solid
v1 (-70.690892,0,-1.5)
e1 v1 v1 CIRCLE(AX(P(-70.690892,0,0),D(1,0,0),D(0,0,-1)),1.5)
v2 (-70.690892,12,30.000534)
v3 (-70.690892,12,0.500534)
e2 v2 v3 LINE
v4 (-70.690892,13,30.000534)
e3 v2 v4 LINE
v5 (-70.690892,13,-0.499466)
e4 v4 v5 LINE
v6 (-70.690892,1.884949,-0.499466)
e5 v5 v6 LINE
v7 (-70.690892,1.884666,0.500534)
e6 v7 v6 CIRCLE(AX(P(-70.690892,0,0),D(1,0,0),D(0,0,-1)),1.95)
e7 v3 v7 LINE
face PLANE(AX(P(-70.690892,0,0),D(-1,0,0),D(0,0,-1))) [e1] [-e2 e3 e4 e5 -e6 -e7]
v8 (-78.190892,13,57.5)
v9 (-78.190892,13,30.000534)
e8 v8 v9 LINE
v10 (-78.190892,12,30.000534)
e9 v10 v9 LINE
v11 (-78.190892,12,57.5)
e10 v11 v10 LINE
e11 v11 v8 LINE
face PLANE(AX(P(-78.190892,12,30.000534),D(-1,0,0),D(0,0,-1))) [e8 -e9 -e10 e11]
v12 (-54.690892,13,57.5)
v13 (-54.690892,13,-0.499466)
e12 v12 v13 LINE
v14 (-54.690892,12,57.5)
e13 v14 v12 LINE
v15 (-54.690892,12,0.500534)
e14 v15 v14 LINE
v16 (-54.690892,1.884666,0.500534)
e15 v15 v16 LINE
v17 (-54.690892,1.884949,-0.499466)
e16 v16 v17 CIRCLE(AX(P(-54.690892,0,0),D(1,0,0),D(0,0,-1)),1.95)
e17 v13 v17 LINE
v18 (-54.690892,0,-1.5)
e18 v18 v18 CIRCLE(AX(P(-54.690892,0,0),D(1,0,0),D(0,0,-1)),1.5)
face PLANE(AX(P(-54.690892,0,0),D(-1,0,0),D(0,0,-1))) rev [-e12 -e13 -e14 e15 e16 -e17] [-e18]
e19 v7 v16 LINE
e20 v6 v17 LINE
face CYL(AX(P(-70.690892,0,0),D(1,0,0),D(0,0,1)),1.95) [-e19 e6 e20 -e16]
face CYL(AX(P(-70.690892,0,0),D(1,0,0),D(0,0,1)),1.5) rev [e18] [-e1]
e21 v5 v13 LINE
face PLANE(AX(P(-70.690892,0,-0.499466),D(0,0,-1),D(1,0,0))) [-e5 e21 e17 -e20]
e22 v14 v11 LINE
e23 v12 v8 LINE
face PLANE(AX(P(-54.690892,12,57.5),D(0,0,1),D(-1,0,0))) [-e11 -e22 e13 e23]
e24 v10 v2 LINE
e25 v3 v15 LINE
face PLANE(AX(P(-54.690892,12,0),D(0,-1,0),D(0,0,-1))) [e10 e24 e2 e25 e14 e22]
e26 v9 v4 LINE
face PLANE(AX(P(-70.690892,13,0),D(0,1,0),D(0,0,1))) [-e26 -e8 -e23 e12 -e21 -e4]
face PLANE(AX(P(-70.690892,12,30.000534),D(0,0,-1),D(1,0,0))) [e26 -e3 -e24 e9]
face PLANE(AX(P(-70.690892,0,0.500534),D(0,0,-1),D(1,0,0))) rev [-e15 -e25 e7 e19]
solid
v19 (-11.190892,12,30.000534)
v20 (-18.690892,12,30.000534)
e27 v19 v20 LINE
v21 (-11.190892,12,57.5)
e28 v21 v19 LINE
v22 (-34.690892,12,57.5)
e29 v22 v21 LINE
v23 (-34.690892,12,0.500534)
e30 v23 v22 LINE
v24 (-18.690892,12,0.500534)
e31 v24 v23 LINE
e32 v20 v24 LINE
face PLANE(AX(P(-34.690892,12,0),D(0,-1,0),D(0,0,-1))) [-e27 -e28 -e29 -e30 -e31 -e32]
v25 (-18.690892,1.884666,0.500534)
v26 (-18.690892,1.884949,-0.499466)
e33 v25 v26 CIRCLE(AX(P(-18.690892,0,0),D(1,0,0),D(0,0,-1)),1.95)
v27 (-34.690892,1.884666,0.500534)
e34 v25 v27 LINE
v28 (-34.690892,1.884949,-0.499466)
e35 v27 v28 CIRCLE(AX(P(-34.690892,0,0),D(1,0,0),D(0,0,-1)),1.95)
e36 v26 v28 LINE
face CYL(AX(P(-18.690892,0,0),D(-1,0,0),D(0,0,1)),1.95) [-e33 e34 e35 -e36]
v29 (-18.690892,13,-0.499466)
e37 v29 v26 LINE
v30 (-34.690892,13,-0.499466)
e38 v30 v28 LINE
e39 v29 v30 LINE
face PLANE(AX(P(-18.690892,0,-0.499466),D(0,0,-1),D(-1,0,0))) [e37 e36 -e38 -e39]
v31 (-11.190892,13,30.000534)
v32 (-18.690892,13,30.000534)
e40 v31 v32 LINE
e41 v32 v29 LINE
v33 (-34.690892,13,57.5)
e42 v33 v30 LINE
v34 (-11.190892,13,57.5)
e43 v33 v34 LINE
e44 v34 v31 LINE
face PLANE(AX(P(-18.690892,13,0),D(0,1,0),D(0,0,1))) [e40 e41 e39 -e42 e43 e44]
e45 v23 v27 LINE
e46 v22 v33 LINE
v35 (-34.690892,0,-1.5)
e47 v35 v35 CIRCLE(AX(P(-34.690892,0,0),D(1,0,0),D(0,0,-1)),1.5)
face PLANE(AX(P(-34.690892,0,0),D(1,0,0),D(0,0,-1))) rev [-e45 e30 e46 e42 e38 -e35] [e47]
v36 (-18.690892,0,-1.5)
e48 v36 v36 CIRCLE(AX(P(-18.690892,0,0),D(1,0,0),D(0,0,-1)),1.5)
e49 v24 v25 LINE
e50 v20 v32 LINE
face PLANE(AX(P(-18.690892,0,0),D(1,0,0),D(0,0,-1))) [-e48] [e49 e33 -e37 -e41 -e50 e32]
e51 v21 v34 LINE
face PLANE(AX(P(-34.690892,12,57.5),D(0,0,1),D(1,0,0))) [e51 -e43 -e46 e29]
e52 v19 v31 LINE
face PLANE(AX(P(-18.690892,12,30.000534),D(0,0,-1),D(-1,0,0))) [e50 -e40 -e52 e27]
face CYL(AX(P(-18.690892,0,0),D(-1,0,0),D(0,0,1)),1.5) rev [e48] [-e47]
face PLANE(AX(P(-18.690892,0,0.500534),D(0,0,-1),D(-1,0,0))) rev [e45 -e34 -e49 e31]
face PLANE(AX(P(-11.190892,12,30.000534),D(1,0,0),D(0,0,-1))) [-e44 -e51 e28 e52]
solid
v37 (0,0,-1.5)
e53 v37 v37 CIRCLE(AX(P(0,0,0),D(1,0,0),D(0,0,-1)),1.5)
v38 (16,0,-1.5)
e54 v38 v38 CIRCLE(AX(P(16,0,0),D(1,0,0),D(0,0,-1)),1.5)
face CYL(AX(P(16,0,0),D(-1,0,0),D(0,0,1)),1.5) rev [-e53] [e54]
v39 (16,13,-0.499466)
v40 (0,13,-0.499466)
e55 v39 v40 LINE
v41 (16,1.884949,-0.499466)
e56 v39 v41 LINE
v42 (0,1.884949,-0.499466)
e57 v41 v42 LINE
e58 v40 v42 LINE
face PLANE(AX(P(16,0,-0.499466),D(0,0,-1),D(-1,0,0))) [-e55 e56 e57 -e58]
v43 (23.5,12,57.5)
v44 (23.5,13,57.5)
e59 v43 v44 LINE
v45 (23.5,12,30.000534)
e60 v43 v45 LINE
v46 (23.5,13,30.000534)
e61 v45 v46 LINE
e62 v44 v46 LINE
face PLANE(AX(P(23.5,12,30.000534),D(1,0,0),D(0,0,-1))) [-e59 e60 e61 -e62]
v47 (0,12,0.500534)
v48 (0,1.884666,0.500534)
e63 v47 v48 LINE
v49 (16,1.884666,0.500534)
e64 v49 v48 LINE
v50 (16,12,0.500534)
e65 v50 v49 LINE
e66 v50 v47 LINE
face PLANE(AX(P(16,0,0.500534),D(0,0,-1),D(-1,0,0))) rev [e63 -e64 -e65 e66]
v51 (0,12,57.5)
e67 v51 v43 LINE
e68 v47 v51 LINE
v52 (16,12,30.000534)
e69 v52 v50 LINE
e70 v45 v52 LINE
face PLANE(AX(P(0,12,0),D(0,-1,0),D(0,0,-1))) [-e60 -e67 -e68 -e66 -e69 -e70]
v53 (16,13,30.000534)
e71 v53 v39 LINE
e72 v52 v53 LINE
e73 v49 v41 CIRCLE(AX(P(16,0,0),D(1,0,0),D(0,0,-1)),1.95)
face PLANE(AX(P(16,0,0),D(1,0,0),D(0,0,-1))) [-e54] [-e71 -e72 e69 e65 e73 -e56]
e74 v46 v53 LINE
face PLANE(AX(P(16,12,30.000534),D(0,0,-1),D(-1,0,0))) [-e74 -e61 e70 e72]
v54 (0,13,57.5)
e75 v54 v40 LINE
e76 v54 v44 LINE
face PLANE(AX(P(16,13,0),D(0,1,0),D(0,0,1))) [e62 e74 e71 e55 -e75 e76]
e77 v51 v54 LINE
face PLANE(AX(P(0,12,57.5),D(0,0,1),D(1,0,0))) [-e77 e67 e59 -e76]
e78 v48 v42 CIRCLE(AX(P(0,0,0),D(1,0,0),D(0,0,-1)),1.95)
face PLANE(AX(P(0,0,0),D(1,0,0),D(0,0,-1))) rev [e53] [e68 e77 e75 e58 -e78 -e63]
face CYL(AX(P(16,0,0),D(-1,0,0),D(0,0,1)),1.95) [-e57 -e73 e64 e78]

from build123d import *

# Parameters (mm, degrees)
SKETCH1_R           = 1.5
BOSS_EXTRUDE1_DEPTH = 16
BOSS_EXTRUDE2_DEPTH = 1


with BuildPart() as part:
    # Sketch1 → Boss-Extrude1 (new body)
    with BuildSketch(Plane(origin=(0, 0, 0), x_dir=(0, 0, -1), z_dir=(1, 0, 0))):
        with BuildLine():
            Line((0.49946551, 13), (-0.50053449, 13))
            Line((-0.50053449, 13), (-0.50053449, 1.884665812))
            ThreePointArc((-0.50053449, 1.884665812), (0.000552977, -1.949999922), (0.49946551, 1.88494939))
            Line((0.49946551, 1.88494939), (0.49946551, 13))
        make_face()
        Circle(SKETCH1_R, mode=Mode.SUBTRACT)
    extrude(amount=BOSS_EXTRUDE1_DEPTH)

    # Sketch2 → Boss-Extrude2 (add)
    with BuildSketch(Plane(origin=(0, 13, 0), x_dir=(1, 0, 0), z_dir=(0, 1, 0))):
        Polygon((0, 0), (0, -57.5), (23.5, -57.5), (23.5, -30.00053449), (16, -30.00053449), (16, -0.00053449), align=None)
    extrude(amount=-BOSS_EXTRUDE2_DEPTH)


with BuildPart() as body_2:
    # Body-Move/Copy2: copy of part
    add(part.part.moved(Location((-34.690892156, 0, 0))))


with BuildPart() as body_3:
    # Mirror4: mirrored copy
    add(body_2.part.mirror(Plane.ZY.offset(44.690892156)))


solid = Compound([part.part, body_2.part, body_3.part])
